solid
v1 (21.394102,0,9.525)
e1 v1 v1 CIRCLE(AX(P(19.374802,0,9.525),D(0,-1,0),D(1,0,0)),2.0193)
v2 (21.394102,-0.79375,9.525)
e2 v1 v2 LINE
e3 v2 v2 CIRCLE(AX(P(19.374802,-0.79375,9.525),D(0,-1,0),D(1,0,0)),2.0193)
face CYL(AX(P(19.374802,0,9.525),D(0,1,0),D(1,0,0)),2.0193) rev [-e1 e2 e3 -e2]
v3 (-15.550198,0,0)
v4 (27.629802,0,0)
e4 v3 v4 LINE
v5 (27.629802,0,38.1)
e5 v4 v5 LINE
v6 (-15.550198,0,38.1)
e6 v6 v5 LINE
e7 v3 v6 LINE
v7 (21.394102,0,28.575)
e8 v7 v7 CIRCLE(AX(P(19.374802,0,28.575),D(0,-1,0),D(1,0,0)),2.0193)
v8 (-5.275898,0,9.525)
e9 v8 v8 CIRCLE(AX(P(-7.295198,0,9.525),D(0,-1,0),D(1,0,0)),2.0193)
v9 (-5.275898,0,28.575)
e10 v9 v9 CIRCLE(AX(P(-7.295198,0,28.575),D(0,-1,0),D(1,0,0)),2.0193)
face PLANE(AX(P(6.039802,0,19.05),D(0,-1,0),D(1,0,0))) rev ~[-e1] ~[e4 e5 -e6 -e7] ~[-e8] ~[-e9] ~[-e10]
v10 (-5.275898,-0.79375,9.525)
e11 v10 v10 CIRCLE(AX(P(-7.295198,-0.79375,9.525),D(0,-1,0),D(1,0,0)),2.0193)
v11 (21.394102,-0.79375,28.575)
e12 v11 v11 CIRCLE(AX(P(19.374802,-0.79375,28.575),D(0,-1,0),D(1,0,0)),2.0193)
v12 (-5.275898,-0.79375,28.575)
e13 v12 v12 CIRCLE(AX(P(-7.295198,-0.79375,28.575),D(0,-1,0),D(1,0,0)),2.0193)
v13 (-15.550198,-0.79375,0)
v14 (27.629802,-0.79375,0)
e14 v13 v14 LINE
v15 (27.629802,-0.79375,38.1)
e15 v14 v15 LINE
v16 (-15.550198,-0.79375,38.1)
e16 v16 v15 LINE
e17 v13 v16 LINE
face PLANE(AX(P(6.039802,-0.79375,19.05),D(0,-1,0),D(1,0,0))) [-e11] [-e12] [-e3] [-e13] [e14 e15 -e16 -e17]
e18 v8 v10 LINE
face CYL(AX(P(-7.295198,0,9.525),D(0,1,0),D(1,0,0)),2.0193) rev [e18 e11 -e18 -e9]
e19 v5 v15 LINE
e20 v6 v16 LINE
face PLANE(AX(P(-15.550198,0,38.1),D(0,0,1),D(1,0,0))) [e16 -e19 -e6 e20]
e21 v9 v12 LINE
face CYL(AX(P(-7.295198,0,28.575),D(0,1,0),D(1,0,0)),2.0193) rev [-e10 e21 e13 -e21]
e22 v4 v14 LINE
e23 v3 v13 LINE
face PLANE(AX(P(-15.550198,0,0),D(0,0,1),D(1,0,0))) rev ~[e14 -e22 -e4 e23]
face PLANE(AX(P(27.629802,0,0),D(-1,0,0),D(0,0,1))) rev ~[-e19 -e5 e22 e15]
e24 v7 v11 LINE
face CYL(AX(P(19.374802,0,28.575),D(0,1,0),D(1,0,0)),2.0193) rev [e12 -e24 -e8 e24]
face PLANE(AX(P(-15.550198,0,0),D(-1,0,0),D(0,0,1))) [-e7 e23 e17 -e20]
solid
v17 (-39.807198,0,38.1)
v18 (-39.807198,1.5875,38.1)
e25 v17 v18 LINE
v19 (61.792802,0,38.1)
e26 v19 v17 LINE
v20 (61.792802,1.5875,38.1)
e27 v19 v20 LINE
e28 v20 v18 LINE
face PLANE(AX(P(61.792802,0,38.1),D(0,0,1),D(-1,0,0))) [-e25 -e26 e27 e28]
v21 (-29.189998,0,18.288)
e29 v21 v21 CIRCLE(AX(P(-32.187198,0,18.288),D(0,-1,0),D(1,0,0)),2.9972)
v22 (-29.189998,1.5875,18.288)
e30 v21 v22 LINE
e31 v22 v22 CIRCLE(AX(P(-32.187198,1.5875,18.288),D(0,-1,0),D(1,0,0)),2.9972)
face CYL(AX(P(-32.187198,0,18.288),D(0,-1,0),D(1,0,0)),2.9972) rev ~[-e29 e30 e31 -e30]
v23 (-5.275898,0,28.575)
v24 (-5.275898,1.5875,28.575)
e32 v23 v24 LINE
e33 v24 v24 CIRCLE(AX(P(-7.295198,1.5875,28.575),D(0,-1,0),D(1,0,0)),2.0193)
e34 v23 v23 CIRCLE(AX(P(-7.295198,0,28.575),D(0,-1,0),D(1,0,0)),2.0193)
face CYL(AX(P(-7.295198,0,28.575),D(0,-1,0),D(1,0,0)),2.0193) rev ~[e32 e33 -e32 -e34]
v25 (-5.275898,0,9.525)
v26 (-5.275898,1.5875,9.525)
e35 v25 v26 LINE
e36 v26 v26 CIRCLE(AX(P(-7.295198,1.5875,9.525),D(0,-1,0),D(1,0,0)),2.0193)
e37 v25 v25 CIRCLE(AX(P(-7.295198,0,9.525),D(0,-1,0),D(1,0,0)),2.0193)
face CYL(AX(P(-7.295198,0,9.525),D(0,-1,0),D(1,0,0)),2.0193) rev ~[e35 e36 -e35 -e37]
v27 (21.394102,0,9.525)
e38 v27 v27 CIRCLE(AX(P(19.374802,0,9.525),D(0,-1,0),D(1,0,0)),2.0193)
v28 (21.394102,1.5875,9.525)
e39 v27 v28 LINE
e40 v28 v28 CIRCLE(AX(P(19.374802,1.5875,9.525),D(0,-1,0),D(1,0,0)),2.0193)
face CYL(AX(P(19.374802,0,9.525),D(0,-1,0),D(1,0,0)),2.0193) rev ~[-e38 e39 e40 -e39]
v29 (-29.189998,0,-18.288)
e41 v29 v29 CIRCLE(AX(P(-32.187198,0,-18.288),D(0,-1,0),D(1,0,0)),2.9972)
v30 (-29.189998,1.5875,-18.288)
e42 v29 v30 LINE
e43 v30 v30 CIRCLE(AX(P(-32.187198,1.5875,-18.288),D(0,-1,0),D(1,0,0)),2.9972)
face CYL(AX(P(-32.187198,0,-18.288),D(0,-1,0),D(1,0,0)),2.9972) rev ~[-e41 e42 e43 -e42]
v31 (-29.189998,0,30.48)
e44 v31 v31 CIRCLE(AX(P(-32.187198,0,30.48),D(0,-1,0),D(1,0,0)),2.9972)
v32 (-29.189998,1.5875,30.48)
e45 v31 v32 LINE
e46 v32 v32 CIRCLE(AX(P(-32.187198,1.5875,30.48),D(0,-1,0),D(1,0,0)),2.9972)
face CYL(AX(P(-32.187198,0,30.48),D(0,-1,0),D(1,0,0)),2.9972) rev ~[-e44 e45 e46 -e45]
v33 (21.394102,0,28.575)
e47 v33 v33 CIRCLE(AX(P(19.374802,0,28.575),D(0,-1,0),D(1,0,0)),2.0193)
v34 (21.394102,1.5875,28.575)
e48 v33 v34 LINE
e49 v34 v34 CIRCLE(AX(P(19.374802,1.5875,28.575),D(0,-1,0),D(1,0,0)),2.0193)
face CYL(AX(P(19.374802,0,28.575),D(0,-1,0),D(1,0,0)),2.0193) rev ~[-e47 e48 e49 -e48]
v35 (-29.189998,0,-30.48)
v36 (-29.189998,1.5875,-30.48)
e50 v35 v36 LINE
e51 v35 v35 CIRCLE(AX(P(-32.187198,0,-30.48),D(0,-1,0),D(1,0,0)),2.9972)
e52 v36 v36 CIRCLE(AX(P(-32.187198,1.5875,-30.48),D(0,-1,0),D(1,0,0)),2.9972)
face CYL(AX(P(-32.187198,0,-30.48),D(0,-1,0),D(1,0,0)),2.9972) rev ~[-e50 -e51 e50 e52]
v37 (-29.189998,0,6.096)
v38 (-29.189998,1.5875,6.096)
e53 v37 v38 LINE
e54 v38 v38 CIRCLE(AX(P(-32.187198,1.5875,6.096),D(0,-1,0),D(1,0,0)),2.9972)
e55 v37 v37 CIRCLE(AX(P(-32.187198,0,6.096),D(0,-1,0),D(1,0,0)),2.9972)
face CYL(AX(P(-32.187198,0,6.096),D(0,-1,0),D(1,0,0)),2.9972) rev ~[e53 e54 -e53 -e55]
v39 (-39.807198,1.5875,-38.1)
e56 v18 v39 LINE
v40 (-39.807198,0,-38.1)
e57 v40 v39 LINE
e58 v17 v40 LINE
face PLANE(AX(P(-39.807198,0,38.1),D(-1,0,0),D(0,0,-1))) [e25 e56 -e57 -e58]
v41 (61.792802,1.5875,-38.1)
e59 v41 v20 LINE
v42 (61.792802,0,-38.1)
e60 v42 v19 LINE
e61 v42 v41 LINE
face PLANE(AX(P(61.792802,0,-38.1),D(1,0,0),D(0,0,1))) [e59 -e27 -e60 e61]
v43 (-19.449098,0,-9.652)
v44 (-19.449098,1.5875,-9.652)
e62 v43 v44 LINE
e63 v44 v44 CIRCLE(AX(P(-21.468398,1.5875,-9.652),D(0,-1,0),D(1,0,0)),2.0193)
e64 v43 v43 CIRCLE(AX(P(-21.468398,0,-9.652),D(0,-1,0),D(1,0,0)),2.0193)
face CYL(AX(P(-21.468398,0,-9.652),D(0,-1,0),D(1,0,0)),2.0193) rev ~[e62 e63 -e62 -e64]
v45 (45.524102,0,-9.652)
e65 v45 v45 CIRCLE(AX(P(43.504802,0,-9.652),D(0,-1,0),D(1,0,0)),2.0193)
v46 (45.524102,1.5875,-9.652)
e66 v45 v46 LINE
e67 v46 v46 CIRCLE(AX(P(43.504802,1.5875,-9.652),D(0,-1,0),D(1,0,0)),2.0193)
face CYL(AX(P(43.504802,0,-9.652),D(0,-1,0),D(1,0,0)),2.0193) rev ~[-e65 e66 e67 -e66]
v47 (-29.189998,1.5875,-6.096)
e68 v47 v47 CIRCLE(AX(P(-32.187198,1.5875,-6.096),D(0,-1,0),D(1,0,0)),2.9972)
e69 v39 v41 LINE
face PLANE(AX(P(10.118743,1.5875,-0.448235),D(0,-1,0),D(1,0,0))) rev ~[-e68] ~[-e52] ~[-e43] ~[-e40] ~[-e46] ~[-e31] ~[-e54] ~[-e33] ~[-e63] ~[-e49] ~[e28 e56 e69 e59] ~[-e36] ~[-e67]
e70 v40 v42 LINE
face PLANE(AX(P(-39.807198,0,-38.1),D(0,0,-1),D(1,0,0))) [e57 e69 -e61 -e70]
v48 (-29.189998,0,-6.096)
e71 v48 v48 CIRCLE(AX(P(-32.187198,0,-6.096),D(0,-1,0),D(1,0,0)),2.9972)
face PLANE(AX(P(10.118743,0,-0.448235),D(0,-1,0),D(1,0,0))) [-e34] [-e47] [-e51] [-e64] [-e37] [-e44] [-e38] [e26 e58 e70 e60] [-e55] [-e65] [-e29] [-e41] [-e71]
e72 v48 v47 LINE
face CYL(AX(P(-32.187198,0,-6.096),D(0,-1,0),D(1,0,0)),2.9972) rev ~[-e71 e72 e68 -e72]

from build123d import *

# Parameters (mm, degrees)
F0_W     = 43.18
F0_H     = 38.1
F0_R     = 2.0193
F1_DEPTH = 0.79375
F0_R_2   = 2.9972
F2_DEPTH = 1.5875


with BuildPart() as f1:
    # F0 (on Front) → F1 (new body)
    with BuildSketch(Plane.XZ):
        with Locations((6.039802, 19.05)):
            Rectangle(F0_W, F0_H)
        with Locations((-7.295198, 9.525)):
            Circle(F0_R, mode=Mode.SUBTRACT)
        with Locations((-7.295198, 28.575)):
            Circle(F0_R, mode=Mode.SUBTRACT)
        with Locations((19.374802, 9.525)):
            Circle(F0_R, mode=Mode.SUBTRACT)
        with Locations((19.374802, 28.575)):
            Circle(F0_R, mode=Mode.SUBTRACT)
    extrude(amount=F1_DEPTH)


with BuildPart() as f2:
    # F0 (on Front) → F2 (new body)
    with BuildSketch(Plane.XZ):
        Polygon((-15.550198, 38.1), (-39.807198, 38.1), (-39.807198, -38.1), (61.792802, -38.1), (61.792802, 38.1), (27.629802, 38.1), (27.629802, 0), (-15.550198, 0), align=None)
        with Locations((-32.187198, -30.48)):
            Circle(F0_R_2, mode=Mode.SUBTRACT)
        with Locations((-32.187198, -18.288)):
            Circle(F0_R_2, mode=Mode.SUBTRACT)
        with Locations((-21.468398, -9.652)):
            Circle(F0_R, mode=Mode.SUBTRACT)
        with Locations((-32.187198, -6.096)):
            Circle(F0_R_2, mode=Mode.SUBTRACT)
        with Locations((43.504802, -9.652)):
            Circle(F0_R, mode=Mode.SUBTRACT)
        with Locations((-32.187198, 6.096)):
            Circle(F0_R_2, mode=Mode.SUBTRACT)
        with Locations((-32.187198, 18.288)):
            Circle(F0_R_2, mode=Mode.SUBTRACT)
        with Locations((-32.187198, 30.48)):
            Circle(F0_R_2, mode=Mode.SUBTRACT)
        with Locations((6.039802, 19.05)):
            Rectangle(F0_W, F0_H)
        with Locations((-7.295198, 9.525)):
            Circle(F0_R, mode=Mode.SUBTRACT)
        with Locations((-7.295198, 28.575)):
            Circle(F0_R, mode=Mode.SUBTRACT)
        with Locations((19.374802, 9.525)):
            Circle(F0_R, mode=Mode.SUBTRACT)
        with Locations((19.374802, 28.575)):
            Circle(F0_R, mode=Mode.SUBTRACT)
    extrude(amount=-F2_DEPTH)


solid = Compound([f1.part, f2.part])
